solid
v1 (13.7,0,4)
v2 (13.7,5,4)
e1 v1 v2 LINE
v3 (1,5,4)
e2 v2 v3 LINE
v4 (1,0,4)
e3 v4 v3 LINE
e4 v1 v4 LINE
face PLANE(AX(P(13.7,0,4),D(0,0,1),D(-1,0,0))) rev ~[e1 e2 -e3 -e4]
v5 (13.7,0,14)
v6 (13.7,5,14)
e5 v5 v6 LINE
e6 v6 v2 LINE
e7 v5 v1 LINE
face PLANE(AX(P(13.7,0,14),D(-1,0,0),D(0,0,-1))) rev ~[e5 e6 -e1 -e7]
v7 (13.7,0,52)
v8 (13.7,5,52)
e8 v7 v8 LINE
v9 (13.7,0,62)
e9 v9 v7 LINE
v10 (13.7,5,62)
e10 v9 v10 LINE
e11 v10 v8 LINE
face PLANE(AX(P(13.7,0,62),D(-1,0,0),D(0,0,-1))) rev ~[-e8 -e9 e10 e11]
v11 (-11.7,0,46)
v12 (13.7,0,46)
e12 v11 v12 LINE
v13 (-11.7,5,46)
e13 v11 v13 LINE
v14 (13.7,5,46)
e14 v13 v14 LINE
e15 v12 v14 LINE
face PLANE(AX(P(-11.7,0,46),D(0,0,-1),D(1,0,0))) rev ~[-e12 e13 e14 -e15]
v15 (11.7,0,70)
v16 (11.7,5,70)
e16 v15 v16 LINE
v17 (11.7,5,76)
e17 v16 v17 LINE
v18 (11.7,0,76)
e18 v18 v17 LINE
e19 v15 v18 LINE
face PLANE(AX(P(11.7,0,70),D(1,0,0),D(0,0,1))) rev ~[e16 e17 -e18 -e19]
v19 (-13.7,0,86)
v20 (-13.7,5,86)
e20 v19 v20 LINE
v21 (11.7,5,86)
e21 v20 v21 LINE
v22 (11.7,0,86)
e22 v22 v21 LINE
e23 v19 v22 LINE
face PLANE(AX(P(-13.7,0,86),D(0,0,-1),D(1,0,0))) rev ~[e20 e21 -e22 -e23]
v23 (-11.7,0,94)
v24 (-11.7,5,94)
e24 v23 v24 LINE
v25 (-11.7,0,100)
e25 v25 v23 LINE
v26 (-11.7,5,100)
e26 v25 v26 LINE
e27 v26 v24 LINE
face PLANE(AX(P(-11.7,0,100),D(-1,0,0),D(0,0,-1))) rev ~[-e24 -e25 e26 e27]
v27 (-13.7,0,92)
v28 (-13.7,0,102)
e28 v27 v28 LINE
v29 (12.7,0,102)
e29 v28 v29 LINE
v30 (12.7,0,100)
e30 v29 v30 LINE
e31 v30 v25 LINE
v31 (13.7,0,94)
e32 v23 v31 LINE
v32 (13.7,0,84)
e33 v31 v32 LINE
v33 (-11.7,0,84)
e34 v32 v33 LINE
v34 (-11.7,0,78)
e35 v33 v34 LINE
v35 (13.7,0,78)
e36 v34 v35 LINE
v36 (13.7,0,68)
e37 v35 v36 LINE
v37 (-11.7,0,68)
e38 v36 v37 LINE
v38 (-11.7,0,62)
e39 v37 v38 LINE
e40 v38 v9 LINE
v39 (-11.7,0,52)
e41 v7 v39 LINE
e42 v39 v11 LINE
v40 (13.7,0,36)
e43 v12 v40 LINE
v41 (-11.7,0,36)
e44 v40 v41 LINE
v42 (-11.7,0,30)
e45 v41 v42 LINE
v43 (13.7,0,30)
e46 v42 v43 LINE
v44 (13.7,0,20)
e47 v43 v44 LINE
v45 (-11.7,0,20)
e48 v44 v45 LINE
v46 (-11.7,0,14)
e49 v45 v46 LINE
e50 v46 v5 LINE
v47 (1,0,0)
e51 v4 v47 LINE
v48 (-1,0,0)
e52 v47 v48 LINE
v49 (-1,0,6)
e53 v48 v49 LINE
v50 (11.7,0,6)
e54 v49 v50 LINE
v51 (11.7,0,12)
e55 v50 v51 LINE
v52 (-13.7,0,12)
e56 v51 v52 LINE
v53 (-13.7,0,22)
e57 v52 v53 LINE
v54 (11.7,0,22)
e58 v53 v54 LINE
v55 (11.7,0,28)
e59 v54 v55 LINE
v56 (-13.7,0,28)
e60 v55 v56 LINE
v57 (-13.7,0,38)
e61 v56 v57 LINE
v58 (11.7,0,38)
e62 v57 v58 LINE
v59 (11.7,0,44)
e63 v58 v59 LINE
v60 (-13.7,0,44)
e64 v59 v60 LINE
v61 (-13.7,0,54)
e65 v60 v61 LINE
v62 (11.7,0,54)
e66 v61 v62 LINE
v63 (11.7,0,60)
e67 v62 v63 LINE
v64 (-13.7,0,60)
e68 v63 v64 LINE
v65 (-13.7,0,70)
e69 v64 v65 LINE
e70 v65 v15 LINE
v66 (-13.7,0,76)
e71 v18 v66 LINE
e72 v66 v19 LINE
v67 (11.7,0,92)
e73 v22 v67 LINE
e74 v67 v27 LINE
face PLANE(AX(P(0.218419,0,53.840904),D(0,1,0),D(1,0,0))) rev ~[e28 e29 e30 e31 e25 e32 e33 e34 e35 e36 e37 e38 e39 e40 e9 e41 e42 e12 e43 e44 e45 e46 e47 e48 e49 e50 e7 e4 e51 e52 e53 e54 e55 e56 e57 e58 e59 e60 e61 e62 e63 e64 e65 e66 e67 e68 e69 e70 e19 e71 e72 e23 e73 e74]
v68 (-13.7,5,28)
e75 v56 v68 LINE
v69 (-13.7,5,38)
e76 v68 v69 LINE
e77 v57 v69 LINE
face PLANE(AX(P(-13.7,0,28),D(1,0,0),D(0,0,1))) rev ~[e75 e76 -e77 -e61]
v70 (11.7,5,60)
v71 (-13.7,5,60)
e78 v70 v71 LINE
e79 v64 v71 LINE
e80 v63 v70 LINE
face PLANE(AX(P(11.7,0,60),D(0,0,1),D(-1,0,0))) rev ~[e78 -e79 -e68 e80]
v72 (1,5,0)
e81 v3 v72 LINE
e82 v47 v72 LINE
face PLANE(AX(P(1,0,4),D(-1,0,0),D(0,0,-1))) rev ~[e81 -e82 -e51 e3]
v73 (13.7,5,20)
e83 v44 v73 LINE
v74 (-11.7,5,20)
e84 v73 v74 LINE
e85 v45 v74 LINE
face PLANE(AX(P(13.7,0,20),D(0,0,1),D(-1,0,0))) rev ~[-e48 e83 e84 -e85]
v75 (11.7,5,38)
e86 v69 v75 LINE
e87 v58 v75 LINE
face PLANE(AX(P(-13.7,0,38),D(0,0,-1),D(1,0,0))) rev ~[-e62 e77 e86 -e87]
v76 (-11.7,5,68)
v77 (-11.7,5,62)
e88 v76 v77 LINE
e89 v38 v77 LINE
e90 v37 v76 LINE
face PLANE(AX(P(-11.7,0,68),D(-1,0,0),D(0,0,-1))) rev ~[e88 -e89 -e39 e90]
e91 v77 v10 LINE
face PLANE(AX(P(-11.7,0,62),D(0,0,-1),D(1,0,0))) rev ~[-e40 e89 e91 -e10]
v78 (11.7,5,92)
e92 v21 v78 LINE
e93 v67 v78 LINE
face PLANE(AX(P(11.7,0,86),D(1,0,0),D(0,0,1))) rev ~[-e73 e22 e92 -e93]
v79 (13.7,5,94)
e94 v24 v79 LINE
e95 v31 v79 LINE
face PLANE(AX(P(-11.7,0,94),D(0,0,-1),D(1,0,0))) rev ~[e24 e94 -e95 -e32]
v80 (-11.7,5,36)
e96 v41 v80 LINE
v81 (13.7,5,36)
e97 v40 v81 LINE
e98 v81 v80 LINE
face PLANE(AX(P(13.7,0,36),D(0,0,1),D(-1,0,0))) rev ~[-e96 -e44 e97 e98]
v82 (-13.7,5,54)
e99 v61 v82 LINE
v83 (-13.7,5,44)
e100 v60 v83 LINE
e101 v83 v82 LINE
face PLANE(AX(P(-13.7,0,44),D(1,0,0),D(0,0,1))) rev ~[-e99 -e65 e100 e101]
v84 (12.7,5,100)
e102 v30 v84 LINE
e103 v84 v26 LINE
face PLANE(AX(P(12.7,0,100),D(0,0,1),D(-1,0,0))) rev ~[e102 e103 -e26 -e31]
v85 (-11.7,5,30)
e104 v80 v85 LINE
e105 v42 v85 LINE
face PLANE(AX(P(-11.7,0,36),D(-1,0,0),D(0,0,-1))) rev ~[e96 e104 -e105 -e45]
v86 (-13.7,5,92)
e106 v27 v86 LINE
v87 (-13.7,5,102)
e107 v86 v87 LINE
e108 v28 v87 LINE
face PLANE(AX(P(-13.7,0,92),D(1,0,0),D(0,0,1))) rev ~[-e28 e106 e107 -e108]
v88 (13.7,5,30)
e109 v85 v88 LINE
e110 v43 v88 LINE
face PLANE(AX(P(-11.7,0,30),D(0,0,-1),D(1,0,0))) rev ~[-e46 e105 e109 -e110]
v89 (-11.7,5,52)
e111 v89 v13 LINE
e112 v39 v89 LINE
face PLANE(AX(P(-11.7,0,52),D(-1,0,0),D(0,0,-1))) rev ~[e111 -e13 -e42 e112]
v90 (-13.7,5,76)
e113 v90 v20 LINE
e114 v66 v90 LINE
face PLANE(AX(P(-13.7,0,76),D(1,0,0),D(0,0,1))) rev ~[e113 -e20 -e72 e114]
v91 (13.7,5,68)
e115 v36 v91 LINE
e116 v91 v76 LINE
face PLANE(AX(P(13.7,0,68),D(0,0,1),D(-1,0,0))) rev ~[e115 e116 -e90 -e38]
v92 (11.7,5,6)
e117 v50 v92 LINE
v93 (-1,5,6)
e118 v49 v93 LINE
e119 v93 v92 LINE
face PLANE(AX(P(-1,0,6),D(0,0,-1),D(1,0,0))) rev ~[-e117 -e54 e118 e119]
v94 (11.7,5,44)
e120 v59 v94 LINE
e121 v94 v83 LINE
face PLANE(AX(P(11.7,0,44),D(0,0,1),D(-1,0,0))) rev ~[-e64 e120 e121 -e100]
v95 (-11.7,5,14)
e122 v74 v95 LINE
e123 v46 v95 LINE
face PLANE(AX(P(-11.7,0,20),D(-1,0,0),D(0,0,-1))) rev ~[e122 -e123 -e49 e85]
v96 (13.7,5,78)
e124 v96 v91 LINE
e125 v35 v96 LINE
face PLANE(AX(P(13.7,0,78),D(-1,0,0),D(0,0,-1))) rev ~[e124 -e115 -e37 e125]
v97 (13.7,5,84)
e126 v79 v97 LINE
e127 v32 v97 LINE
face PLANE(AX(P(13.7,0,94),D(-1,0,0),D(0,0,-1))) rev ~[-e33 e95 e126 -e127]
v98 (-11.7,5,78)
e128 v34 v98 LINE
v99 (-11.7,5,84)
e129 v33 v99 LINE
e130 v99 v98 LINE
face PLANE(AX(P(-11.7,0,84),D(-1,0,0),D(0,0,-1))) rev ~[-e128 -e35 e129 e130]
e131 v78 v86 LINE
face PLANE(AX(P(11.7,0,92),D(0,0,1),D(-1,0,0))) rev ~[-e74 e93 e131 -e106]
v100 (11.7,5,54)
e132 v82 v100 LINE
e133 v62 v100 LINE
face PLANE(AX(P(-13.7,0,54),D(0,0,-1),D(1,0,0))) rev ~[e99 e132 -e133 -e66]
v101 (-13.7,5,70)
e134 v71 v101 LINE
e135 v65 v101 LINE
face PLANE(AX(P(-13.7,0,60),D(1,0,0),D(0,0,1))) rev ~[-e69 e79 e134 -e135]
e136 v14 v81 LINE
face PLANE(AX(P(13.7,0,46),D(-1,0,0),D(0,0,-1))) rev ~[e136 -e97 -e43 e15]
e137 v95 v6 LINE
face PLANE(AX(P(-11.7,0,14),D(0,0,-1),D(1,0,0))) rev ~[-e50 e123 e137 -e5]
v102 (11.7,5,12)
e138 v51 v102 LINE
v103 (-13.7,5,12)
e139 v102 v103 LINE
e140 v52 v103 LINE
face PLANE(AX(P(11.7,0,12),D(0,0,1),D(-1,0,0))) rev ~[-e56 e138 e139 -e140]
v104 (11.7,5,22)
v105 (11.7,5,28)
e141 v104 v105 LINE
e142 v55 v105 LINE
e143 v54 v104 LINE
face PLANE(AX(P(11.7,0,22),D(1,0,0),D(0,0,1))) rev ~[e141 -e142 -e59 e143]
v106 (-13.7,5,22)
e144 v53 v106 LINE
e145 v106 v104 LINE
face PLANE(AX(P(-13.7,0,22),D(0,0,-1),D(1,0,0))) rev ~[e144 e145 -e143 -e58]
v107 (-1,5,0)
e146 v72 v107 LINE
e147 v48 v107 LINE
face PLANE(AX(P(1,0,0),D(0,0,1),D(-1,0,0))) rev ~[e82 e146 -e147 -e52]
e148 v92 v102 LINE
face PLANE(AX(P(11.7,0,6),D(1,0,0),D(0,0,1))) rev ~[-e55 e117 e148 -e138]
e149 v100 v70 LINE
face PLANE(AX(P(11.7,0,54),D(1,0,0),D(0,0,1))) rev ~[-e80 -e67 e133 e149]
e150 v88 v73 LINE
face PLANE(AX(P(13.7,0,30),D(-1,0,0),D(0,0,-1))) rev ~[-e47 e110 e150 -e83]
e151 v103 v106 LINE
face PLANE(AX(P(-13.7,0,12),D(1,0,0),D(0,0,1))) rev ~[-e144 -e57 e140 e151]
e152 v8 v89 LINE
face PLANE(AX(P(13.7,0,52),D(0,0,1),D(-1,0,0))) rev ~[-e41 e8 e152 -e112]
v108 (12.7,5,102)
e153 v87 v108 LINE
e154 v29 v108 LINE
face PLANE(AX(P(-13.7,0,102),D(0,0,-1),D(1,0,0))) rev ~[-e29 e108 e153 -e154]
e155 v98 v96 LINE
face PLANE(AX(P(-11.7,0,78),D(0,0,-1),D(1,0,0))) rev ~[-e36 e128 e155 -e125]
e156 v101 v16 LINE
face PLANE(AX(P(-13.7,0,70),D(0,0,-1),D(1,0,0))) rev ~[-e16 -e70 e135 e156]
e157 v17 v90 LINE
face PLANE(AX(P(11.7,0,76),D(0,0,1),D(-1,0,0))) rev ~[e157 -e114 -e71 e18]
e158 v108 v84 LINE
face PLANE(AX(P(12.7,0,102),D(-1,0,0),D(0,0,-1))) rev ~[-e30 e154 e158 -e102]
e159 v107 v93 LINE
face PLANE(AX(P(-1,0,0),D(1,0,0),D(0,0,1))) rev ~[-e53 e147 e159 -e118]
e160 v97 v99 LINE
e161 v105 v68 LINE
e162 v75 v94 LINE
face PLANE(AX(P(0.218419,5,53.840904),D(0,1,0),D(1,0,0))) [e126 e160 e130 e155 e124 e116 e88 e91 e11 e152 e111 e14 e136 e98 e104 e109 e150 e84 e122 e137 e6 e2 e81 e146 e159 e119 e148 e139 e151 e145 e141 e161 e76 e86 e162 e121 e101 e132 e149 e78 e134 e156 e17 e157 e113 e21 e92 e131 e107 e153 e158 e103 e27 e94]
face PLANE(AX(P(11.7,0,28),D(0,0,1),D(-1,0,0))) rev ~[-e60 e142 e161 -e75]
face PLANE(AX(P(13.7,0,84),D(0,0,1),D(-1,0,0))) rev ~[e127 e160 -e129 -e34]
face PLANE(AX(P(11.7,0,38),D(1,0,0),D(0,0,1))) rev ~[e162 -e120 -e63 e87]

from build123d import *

# Parameters (mm, degrees)
EXTRUDE_THIN1_DEPTH = 5


with BuildPart() as part:
    # Sketch1 → Extrude-Thin1 (new body)
    with BuildSketch(Plane(origin=(0, 0, 0), x_dir=(1, 0, 0), z_dir=(0, 1, 0))):
        Polygon((-1, 0), (-1, -6), (11.7, -6), (11.7, -12), (-13.7, -12), (-13.7, -22), (11.7, -22), (11.7, -28), (-13.7, -28), (-13.7, -38), (11.7, -38), (11.7, -44), (-13.7, -44), (-13.7, -54), (11.7, -54), (11.7, -60), (-13.7, -60), (-13.7, -70), (11.7, -70), (11.7, -76), (-13.7, -76), (-13.7, -86), (11.7, -86), (11.7, -92), (-13.7, -92), (-13.7, -102), (12.7, -102), (12.7, -100), (-11.7, -100), (-11.7, -94), (13.7, -94), (13.7, -84), (-11.7, -84), (-11.7, -78), (13.7, -78), (13.7, -68), (-11.7, -68), (-11.7, -62), (13.7, -62), (13.7, -52), (-11.7, -52), (-11.7, -46), (13.7, -46), (13.7, -36), (-11.7, -36), (-11.7, -30), (13.7, -30), (13.7, -20), (-11.7, -20), (-11.7, -14), (13.7, -14), (13.7, -4), (1, -4), (1, 0), align=None)
    extrude(amount=EXTRUDE_THIN1_DEPTH)


solid = part.part
